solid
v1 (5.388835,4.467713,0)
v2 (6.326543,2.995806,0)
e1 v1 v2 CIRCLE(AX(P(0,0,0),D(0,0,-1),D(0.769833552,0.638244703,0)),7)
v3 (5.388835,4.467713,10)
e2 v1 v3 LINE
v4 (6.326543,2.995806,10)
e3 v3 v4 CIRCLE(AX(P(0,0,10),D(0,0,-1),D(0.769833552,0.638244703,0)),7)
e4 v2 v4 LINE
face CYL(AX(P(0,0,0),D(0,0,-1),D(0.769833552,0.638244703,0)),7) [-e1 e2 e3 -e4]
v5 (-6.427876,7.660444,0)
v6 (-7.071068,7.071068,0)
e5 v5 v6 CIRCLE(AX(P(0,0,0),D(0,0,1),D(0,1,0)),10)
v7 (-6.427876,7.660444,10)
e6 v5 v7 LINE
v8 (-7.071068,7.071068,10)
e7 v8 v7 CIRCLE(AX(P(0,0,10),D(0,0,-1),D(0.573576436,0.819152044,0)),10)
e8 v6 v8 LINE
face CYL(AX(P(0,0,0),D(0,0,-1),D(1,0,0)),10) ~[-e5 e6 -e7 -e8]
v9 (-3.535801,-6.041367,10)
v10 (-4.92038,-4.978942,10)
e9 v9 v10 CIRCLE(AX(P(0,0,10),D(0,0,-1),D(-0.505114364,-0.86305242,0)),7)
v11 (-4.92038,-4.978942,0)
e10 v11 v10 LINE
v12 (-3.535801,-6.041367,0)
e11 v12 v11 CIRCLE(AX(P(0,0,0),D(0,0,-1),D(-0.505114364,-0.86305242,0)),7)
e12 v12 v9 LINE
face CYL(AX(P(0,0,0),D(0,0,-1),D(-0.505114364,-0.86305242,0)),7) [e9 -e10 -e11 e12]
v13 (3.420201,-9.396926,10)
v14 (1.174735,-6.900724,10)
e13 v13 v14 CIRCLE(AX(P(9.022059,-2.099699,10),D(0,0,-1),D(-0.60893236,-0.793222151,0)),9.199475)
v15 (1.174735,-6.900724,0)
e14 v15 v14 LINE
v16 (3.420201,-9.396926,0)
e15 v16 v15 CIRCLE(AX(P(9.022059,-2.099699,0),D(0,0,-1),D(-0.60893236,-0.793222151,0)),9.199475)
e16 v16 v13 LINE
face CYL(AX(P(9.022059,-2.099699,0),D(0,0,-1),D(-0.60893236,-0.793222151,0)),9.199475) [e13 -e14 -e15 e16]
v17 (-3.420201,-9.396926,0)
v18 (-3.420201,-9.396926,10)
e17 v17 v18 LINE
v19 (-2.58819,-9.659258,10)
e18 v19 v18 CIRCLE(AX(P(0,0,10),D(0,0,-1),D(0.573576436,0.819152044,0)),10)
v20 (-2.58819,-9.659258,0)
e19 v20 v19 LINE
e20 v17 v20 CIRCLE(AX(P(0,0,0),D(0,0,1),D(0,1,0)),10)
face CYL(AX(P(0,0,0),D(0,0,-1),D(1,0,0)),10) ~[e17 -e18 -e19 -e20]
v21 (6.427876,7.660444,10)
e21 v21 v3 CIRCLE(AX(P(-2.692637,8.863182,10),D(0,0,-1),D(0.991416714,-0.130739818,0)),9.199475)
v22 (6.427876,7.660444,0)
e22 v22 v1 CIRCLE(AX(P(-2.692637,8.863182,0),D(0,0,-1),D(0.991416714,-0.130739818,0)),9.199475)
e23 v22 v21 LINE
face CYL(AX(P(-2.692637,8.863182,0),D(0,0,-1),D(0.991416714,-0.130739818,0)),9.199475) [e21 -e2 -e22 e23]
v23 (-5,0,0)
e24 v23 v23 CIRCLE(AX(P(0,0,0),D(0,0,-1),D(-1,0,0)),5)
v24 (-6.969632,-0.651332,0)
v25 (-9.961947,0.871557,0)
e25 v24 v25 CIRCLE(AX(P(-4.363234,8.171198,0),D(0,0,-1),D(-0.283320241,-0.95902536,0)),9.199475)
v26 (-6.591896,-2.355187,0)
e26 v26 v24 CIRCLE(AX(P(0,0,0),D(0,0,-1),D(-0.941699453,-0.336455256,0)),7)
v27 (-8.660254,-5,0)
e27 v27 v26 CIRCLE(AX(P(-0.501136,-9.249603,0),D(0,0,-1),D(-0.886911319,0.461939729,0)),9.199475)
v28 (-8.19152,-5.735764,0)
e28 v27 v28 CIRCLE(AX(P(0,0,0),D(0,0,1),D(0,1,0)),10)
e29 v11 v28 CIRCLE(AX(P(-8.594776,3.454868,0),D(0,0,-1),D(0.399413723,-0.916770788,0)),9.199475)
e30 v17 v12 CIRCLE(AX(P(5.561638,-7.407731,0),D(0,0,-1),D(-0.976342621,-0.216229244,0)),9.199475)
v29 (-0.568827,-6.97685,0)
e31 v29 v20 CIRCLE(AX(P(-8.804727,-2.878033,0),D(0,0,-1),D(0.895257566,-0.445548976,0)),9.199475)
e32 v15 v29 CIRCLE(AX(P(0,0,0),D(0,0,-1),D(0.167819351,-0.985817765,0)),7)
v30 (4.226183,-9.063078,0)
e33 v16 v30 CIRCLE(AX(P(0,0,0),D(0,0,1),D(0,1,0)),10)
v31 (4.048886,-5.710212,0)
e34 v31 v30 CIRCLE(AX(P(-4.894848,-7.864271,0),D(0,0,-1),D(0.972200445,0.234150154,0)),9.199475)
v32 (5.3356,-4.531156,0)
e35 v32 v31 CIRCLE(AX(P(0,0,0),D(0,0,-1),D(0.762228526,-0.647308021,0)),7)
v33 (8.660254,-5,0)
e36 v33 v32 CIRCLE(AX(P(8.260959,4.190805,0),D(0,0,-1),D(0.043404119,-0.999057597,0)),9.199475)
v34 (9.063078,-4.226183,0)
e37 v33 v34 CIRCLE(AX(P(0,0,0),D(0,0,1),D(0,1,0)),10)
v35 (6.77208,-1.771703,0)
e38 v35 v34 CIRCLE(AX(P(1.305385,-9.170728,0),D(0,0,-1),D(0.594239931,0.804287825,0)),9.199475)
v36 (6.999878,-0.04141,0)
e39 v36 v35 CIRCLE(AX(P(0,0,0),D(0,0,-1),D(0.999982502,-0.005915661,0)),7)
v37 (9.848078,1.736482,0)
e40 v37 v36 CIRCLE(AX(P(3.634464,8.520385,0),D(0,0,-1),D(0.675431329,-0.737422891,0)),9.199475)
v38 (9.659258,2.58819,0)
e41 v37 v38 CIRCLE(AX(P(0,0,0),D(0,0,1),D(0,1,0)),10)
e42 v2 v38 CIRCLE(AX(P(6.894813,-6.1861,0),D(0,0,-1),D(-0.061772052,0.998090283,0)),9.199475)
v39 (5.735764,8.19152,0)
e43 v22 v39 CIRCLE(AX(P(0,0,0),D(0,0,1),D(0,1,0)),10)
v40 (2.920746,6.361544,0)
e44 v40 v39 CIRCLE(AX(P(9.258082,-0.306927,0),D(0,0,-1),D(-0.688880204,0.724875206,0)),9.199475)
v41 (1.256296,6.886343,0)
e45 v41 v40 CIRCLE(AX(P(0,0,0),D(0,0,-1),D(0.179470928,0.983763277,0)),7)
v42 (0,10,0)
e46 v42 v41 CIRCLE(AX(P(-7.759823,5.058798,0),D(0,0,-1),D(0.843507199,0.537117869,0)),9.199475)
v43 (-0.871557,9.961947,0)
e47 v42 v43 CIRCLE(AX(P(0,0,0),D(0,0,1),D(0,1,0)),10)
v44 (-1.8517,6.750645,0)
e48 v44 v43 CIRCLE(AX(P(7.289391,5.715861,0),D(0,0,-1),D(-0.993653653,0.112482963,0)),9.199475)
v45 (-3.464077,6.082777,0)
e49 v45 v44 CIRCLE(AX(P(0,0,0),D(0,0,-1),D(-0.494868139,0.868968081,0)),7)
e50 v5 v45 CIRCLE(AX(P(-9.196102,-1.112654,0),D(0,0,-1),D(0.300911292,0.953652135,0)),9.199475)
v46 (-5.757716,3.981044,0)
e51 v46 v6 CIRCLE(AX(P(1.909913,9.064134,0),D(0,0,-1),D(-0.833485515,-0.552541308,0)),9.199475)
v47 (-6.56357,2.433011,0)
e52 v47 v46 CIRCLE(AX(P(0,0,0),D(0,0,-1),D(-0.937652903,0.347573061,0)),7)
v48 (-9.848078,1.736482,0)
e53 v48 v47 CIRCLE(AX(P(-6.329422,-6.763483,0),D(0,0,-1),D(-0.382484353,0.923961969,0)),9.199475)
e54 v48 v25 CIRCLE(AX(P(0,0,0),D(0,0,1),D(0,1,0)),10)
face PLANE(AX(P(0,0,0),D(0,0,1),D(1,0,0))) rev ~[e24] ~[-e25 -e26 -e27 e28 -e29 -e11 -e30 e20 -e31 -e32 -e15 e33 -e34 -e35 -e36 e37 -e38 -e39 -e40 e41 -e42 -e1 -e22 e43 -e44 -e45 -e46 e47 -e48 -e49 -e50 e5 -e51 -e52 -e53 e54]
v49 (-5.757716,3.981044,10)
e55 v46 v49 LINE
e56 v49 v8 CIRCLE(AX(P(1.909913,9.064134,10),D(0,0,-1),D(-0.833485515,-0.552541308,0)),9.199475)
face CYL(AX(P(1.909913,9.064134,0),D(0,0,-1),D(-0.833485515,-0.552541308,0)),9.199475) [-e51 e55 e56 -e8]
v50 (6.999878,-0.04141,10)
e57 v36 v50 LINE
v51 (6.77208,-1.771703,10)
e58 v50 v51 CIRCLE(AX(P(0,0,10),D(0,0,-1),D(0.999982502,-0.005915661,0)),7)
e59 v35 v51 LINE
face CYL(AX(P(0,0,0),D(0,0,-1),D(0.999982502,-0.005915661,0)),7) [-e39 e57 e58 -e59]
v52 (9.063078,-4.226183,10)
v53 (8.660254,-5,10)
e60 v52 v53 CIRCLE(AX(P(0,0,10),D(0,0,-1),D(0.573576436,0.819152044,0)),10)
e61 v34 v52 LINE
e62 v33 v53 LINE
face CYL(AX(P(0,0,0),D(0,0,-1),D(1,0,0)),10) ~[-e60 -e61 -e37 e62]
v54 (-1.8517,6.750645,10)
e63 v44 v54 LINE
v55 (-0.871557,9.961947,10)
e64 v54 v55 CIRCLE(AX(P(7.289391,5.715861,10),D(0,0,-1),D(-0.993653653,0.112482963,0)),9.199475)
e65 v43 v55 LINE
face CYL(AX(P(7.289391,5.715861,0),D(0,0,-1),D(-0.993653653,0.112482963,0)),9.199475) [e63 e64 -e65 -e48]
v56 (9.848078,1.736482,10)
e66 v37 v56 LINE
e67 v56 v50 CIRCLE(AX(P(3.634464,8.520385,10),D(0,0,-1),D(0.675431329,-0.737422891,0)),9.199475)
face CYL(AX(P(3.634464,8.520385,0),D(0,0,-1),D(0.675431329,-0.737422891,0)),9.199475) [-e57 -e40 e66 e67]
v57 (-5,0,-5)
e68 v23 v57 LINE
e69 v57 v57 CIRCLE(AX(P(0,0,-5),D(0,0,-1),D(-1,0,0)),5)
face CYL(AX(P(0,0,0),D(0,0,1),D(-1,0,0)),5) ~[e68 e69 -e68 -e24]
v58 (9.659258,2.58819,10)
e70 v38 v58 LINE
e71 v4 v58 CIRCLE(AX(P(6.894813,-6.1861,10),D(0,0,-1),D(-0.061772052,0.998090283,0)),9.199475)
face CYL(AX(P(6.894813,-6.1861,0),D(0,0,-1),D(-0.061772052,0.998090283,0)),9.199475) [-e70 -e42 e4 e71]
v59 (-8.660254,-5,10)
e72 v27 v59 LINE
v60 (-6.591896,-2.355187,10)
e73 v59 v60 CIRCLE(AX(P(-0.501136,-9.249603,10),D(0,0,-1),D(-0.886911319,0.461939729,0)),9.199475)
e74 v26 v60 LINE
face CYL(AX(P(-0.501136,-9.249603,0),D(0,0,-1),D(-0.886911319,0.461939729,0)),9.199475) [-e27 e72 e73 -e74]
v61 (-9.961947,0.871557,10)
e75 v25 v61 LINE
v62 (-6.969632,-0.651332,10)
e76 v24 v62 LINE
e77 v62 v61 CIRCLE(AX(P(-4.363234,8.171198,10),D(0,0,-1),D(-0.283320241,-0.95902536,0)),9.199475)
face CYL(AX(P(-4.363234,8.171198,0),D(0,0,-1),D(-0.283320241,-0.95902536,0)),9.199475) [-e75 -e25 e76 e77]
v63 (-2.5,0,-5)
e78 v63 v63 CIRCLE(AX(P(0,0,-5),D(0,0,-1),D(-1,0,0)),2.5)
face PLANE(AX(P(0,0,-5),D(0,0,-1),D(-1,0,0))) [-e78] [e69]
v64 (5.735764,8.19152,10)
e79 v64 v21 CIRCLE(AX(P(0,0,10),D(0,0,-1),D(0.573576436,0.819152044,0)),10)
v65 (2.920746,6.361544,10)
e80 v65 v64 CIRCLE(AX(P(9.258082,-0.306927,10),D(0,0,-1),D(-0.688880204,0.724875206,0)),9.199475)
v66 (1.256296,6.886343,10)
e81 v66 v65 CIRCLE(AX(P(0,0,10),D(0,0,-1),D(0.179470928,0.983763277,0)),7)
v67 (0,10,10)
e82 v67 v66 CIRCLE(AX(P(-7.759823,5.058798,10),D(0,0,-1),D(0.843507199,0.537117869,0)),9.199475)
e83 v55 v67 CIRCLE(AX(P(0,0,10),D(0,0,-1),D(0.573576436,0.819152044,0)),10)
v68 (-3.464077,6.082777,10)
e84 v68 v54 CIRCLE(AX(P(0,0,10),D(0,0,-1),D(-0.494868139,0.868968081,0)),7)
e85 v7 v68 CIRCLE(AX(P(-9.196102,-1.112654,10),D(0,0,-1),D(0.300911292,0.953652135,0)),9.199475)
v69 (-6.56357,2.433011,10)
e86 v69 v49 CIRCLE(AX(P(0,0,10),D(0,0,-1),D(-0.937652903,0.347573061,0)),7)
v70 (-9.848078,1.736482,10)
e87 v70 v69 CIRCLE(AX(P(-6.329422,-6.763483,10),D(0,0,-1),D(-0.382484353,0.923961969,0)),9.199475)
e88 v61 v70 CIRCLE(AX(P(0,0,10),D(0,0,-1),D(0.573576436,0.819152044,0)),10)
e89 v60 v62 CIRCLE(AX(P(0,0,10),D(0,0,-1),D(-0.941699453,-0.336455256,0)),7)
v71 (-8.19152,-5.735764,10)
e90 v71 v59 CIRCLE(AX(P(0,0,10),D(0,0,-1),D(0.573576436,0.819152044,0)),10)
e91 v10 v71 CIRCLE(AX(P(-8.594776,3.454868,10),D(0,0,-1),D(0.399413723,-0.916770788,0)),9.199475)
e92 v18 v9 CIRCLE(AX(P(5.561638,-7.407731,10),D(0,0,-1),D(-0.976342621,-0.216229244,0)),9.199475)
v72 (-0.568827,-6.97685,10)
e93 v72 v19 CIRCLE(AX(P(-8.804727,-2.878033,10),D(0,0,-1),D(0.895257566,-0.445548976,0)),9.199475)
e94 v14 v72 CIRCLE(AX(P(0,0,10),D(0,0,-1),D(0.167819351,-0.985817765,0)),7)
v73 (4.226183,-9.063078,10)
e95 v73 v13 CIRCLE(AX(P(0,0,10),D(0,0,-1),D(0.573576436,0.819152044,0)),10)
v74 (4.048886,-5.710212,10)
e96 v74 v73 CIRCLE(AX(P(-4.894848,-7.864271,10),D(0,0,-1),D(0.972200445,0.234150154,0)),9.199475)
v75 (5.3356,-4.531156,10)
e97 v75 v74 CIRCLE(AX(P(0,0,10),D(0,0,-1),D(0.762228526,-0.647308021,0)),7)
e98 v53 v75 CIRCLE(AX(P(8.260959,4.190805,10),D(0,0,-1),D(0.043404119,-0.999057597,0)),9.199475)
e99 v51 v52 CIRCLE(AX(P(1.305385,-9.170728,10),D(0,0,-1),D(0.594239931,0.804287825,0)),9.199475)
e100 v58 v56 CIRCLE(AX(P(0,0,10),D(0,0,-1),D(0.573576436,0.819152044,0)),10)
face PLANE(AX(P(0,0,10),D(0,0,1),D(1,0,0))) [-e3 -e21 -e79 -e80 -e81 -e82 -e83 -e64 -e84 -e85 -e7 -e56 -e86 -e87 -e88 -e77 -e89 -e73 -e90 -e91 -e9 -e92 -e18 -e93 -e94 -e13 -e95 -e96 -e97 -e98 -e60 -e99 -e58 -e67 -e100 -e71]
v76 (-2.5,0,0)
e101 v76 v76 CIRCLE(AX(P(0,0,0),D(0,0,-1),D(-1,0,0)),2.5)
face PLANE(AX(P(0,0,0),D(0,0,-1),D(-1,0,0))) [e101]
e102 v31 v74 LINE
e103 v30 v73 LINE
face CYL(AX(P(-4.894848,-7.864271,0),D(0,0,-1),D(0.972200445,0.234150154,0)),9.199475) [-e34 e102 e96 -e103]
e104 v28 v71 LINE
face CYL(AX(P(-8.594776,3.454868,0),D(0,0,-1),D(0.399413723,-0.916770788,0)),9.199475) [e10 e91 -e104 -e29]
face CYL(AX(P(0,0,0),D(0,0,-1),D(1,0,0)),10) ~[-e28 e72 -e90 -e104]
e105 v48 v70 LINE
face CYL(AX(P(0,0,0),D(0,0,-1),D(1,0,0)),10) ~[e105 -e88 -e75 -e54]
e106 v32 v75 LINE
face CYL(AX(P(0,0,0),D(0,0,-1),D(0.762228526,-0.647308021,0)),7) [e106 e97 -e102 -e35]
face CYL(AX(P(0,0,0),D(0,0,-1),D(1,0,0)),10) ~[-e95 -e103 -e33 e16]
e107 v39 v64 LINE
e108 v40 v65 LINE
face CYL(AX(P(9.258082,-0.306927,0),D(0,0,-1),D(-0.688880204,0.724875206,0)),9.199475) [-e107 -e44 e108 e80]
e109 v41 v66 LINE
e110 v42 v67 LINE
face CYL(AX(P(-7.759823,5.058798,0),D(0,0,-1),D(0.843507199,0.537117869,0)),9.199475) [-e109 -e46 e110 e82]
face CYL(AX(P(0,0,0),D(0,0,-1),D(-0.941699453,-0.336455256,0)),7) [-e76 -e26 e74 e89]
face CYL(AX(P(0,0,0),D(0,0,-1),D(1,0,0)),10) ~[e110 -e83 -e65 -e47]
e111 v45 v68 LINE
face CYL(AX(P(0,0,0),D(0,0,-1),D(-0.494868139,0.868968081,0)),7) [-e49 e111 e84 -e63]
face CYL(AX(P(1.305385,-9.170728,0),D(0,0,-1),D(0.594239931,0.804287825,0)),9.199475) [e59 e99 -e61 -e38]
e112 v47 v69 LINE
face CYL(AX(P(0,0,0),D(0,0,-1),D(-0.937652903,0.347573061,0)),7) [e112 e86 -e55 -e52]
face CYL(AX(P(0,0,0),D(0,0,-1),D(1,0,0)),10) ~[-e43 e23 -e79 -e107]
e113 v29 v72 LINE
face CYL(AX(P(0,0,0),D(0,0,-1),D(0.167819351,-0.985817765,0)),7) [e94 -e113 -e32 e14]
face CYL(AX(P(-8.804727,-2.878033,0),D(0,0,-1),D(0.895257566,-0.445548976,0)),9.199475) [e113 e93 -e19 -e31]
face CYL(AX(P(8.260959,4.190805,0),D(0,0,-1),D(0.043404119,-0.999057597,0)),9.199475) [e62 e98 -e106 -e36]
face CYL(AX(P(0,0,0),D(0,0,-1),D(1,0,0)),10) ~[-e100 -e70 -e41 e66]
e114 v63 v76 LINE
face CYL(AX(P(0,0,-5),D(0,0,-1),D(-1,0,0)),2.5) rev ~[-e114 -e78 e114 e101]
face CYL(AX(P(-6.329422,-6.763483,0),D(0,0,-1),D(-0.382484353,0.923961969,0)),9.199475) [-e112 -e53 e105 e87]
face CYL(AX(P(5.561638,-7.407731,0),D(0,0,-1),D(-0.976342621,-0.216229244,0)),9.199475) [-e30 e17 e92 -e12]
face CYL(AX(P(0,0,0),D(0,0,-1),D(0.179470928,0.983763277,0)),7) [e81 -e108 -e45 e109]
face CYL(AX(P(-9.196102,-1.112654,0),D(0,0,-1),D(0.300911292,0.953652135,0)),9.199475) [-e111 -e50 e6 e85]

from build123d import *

# Parameters (mm, degrees)
ESQUISSE1_R                  = 10
BOSS_EXTRU_1_DEPTH           = 10
ESQUISSE2_R                  = 5
BOSS_EXTRU_2_DEPTH           = 5
ESQUISSE3_R                  = 2.5
ENL_V_MAT_EXTRU_2_DEPTH      = 5
ENL_V_START                  = -10
ENL_V_MAT_EXTRU_4_DEPTH      = 10
R_P_TITION_CIRCULAIRE2_COUNT = 9


with BuildPart() as part:
    # Esquisse1 → Boss.-Extru.1 (new body)
    with BuildSketch(Plane.XY):
        Circle(ESQUISSE1_R)
    extrude(amount=BOSS_EXTRU_1_DEPTH)

    # Esquisse2 → Boss.-Extru.2 (add)
    with BuildSketch(Plane(origin=(0, 0, 0), x_dir=(-1, 0, 0), z_dir=(0, 0, -1))):
        Circle(ESQUISSE2_R)
    extrude(amount=BOSS_EXTRU_2_DEPTH)

    # Esquisse3 → Enlèv. mat.-Extru.2 (cut)
    with BuildSketch(Plane(origin=(0, 0, -5), x_dir=(-1, 0, 0), z_dir=(0, 0, -1))):
        Circle(ESQUISSE3_R)
    extrude(amount=-ENL_V_MAT_EXTRU_2_DEPTH, mode=Mode.SUBTRACT)

    # Esquisse5 → Enlèv. mat.-Extru.4 (cut)
    with BuildSketch(Plane.XY.offset(10).offset(ENL_V_START)):
        with BuildLine():
            ThreePointArc((0, 10), (0.771400633, 8.500970859), (1.256296491, 6.886342943))
            ThreePointArc((1.256296491, 6.886342943), (2.104940597, 6.676018655), (2.920746205, 6.361543964))
            ThreePointArc((2.920746205, 6.361543964), (4.244062165, 7.406044884), (5.735764364, 8.191520443))
            ThreePointArc((5.735764364, 8.191520443), (3.007057995, 9.537169507), (0, 10))
        make_face()
    enl_v_mat_extru_4 = extrude(amount=ENL_V_MAT_EXTRU_4_DEPTH, mode=Mode.SUBTRACT)

    # Répétition circulaire2: Enlèv. mat.-Extru.4 ×9 about axis
    r_p_tition_circulaire2_axis = Axis((0, 0, 0), (0, 0, 1))
    for i in range(1, R_P_TITION_CIRCULAIRE2_COUNT):
        add(enl_v_mat_extru_4.rotate(r_p_tition_circulaire2_axis, i * 360 / R_P_TITION_CIRCULAIRE2_COUNT), mode=Mode.SUBTRACT)


solid = part.part
